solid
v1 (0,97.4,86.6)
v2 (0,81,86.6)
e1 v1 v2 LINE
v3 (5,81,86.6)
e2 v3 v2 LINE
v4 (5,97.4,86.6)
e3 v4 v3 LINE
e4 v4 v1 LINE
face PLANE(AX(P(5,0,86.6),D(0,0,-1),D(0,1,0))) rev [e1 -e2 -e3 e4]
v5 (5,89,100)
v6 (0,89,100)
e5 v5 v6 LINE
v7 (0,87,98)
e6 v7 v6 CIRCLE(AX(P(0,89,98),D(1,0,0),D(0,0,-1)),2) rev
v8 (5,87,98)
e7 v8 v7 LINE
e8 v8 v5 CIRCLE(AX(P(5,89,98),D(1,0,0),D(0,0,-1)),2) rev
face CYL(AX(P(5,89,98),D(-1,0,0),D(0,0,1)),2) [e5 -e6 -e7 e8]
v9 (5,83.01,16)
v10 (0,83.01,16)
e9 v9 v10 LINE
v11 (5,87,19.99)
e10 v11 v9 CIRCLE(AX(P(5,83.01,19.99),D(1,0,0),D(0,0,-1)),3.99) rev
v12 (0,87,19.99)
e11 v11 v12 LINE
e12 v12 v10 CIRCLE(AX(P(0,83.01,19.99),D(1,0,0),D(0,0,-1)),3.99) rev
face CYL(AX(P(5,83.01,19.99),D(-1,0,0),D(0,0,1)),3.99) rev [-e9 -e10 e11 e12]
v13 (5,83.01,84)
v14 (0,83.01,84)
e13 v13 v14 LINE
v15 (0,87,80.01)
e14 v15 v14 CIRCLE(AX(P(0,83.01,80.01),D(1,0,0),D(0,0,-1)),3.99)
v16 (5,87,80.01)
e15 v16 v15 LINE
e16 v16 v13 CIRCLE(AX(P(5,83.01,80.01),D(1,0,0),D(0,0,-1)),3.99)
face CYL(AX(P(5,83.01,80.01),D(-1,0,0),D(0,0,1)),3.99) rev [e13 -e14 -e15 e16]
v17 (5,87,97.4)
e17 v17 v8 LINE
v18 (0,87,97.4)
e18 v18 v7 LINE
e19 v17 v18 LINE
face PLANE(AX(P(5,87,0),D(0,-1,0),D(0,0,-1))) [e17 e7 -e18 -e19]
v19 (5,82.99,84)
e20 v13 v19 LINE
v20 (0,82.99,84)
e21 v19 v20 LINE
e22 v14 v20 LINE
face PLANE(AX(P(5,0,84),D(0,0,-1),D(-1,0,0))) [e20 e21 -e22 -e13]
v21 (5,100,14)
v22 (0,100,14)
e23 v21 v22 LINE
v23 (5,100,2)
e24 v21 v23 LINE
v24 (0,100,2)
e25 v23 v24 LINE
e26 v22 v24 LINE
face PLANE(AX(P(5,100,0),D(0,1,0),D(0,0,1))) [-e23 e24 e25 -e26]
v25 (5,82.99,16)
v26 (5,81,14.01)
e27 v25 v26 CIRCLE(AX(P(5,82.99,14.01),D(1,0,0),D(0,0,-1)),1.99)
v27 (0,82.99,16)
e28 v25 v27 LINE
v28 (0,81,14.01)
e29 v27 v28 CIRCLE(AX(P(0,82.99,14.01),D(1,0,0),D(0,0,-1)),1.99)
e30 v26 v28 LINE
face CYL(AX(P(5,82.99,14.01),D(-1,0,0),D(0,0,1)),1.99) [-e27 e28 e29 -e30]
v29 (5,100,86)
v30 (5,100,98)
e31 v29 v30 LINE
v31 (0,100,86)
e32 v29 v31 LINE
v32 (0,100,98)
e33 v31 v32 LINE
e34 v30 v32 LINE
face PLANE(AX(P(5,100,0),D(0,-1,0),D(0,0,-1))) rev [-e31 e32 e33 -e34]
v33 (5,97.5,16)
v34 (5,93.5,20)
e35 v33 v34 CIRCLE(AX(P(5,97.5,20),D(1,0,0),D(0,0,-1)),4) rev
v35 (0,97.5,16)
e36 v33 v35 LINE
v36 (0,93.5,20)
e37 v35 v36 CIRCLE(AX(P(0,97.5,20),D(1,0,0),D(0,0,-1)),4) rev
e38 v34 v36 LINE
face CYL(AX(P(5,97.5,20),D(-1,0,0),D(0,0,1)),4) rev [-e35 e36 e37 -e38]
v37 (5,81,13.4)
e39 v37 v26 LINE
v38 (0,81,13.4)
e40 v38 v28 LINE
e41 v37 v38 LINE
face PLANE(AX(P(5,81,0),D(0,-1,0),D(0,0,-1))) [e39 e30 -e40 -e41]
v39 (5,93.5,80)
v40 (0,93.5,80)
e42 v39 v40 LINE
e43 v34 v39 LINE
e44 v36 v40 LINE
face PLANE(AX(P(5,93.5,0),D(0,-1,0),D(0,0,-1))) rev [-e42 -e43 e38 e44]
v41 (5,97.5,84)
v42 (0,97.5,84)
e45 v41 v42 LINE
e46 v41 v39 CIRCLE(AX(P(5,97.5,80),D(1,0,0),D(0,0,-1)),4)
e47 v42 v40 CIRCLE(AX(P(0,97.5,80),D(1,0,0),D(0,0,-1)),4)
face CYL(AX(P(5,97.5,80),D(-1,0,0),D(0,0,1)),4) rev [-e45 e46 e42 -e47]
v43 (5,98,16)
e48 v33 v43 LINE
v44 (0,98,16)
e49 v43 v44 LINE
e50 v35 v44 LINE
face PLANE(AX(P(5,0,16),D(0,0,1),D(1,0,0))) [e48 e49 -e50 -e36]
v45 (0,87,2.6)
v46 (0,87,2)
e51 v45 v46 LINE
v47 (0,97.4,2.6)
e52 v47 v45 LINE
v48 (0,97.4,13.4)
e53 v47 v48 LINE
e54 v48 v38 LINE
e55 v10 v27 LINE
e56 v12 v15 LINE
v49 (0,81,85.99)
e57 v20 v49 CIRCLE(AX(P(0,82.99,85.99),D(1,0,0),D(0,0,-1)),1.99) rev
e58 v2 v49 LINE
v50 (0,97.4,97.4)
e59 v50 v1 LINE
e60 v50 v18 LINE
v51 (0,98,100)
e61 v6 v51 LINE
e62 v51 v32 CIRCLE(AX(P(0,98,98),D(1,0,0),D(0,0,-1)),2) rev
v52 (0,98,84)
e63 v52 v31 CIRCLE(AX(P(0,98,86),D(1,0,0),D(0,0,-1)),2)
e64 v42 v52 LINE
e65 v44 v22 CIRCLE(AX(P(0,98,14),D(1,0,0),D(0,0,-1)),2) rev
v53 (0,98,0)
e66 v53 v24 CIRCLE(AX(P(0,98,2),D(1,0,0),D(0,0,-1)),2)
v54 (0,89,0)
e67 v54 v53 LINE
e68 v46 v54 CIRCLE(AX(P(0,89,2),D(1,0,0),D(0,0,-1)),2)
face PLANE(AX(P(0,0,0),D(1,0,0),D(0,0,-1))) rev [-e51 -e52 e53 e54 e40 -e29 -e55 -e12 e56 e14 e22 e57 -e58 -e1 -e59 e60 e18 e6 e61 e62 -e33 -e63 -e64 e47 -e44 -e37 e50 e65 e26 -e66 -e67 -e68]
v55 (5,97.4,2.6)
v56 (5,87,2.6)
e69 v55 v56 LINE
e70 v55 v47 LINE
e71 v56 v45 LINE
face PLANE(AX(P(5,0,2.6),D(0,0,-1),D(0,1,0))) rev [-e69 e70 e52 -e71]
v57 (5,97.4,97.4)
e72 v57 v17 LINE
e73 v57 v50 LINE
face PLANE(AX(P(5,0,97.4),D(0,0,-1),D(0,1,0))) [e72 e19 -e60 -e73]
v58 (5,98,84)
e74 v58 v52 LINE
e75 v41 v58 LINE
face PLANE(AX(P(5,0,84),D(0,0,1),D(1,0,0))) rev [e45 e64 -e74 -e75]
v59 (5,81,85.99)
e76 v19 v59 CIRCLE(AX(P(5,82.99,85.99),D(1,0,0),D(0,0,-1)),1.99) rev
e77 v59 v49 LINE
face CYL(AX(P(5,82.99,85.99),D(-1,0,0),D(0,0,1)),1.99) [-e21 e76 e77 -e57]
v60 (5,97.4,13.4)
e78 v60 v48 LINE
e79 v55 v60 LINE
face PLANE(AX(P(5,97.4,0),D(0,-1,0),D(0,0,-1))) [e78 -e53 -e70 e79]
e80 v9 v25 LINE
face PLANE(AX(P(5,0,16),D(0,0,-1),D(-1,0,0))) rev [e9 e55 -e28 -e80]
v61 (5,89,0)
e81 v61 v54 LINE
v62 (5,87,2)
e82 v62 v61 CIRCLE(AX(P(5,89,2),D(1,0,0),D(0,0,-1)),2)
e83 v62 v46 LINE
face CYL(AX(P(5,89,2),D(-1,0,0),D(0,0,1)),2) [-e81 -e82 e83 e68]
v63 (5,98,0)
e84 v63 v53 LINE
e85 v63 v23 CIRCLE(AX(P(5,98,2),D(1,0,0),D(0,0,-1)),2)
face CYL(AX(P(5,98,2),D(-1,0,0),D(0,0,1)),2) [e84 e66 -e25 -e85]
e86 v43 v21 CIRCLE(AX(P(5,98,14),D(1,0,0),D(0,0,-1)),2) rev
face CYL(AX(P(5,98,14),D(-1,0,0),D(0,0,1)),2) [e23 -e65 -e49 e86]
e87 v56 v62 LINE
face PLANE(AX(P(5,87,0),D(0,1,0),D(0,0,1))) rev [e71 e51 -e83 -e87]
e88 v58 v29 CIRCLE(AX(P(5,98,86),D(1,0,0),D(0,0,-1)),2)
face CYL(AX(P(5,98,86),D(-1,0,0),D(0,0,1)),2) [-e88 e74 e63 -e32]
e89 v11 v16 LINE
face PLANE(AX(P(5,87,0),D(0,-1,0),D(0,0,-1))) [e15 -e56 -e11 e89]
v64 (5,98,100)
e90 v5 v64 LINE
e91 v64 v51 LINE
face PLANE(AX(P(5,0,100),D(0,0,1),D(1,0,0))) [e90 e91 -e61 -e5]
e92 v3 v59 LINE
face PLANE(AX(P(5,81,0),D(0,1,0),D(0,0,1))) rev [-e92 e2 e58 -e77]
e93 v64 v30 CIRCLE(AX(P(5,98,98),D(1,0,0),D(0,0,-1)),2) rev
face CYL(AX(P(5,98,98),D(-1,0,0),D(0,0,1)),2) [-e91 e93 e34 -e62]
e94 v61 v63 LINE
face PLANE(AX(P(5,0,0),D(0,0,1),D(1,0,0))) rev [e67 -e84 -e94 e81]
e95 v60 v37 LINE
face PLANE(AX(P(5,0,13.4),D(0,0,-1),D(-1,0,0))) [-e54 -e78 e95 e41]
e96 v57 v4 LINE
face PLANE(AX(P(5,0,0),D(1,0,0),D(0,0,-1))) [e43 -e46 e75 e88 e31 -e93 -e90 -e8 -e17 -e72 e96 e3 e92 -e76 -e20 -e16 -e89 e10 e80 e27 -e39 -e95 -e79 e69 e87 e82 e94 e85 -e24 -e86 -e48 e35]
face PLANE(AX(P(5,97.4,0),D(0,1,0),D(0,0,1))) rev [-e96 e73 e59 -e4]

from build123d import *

# Parameters (mm, degrees)
BOSS_EXTRUDE1_DEPTH = 5


with BuildPart() as part:
    # Sketch1 → Boss-Extrude1 (new body)
    with BuildSketch(Plane(origin=(0, 0, 0), x_dir=(0, -1, 0), z_dir=(1, 0, 0))):
        with BuildLine():
            Line((-81, -13.4), (-87, -13.4))
            Line((-87, -13.4), (-97.4, -13.4))
            Line((-97.4, -13.4), (-97.4, -2.6))
            Line((-97.4, -2.6), (-87, -2.6))
            Line((-87, -2.6), (-87, -2))
            ThreePointArc((-87, -2), (-87.585786438, -0.585786438), (-89, 0))
            Line((-89, 0), (-98, 0))
            ThreePointArc((-98, 0), (-99.414213562, -0.585786438), (-100, -2))
            Line((-100, -2), (-100, -14))
            ThreePointArc((-100, -14), (-99.414213562, -15.414213562), (-98, -16))
            Line((-98, -16), (-97.5, -16))
            ThreePointArc((-97.5, -16), (-94.671572875, -17.171572875), (-93.5, -20))
            Line((-93.5, -20), (-93.5, -80))
            ThreePointArc((-93.5, -80), (-94.671572875, -82.828427125), (-97.5, -84))
            Line((-97.5, -84), (-98, -84))
            ThreePointArc((-98, -84), (-99.414213562, -84.585786438), (-100, -86))
            Line((-100, -86), (-100, -98))
            ThreePointArc((-100, -98), (-99.414213562, -99.414213562), (-98, -100))
            Line((-98, -100), (-89, -100))
            ThreePointArc((-89, -100), (-87.585786438, -99.414213562), (-87, -98))
            Line((-87, -98), (-87, -97.4))
            Line((-87, -97.4), (-97.4, -97.4))
            Line((-97.4, -97.4), (-97.4, -86.6))
            Line((-97.4, -86.6), (-87, -86.6))
            Line((-87, -86.6), (-81, -86.6))
            Line((-81, -86.6), (-81, -86))
            Line((-81, -86), (-81, -85.99))
            ThreePointArc((-81, -85.99), (-81.582857505, -84.582857505), (-82.99, -84))
            Line((-82.99, -84), (-83, -84))
            Line((-83, -84), (-83.01, -84))
            ThreePointArc((-83.01, -84), (-85.831356057, -82.831356057), (-87, -80.01))
            Line((-87, -80.01), (-87, -80))
            Line((-87, -80), (-87, -20))
            Line((-87, -20), (-87, -19.99))
            ThreePointArc((-87, -19.99), (-85.831356057, -17.168643943), (-83.01, -16))
            Line((-83.01, -16), (-83, -16))
            Line((-83, -16), (-82.99, -16))
            ThreePointArc((-82.99, -16), (-81.582857505, -15.417142495), (-81, -14.01))
            Line((-81, -14.01), (-81, -14))
            Line((-81, -14), (-81, -13.4))
        make_face()
    extrude(amount=BOSS_EXTRUDE1_DEPTH)


solid = part.part
